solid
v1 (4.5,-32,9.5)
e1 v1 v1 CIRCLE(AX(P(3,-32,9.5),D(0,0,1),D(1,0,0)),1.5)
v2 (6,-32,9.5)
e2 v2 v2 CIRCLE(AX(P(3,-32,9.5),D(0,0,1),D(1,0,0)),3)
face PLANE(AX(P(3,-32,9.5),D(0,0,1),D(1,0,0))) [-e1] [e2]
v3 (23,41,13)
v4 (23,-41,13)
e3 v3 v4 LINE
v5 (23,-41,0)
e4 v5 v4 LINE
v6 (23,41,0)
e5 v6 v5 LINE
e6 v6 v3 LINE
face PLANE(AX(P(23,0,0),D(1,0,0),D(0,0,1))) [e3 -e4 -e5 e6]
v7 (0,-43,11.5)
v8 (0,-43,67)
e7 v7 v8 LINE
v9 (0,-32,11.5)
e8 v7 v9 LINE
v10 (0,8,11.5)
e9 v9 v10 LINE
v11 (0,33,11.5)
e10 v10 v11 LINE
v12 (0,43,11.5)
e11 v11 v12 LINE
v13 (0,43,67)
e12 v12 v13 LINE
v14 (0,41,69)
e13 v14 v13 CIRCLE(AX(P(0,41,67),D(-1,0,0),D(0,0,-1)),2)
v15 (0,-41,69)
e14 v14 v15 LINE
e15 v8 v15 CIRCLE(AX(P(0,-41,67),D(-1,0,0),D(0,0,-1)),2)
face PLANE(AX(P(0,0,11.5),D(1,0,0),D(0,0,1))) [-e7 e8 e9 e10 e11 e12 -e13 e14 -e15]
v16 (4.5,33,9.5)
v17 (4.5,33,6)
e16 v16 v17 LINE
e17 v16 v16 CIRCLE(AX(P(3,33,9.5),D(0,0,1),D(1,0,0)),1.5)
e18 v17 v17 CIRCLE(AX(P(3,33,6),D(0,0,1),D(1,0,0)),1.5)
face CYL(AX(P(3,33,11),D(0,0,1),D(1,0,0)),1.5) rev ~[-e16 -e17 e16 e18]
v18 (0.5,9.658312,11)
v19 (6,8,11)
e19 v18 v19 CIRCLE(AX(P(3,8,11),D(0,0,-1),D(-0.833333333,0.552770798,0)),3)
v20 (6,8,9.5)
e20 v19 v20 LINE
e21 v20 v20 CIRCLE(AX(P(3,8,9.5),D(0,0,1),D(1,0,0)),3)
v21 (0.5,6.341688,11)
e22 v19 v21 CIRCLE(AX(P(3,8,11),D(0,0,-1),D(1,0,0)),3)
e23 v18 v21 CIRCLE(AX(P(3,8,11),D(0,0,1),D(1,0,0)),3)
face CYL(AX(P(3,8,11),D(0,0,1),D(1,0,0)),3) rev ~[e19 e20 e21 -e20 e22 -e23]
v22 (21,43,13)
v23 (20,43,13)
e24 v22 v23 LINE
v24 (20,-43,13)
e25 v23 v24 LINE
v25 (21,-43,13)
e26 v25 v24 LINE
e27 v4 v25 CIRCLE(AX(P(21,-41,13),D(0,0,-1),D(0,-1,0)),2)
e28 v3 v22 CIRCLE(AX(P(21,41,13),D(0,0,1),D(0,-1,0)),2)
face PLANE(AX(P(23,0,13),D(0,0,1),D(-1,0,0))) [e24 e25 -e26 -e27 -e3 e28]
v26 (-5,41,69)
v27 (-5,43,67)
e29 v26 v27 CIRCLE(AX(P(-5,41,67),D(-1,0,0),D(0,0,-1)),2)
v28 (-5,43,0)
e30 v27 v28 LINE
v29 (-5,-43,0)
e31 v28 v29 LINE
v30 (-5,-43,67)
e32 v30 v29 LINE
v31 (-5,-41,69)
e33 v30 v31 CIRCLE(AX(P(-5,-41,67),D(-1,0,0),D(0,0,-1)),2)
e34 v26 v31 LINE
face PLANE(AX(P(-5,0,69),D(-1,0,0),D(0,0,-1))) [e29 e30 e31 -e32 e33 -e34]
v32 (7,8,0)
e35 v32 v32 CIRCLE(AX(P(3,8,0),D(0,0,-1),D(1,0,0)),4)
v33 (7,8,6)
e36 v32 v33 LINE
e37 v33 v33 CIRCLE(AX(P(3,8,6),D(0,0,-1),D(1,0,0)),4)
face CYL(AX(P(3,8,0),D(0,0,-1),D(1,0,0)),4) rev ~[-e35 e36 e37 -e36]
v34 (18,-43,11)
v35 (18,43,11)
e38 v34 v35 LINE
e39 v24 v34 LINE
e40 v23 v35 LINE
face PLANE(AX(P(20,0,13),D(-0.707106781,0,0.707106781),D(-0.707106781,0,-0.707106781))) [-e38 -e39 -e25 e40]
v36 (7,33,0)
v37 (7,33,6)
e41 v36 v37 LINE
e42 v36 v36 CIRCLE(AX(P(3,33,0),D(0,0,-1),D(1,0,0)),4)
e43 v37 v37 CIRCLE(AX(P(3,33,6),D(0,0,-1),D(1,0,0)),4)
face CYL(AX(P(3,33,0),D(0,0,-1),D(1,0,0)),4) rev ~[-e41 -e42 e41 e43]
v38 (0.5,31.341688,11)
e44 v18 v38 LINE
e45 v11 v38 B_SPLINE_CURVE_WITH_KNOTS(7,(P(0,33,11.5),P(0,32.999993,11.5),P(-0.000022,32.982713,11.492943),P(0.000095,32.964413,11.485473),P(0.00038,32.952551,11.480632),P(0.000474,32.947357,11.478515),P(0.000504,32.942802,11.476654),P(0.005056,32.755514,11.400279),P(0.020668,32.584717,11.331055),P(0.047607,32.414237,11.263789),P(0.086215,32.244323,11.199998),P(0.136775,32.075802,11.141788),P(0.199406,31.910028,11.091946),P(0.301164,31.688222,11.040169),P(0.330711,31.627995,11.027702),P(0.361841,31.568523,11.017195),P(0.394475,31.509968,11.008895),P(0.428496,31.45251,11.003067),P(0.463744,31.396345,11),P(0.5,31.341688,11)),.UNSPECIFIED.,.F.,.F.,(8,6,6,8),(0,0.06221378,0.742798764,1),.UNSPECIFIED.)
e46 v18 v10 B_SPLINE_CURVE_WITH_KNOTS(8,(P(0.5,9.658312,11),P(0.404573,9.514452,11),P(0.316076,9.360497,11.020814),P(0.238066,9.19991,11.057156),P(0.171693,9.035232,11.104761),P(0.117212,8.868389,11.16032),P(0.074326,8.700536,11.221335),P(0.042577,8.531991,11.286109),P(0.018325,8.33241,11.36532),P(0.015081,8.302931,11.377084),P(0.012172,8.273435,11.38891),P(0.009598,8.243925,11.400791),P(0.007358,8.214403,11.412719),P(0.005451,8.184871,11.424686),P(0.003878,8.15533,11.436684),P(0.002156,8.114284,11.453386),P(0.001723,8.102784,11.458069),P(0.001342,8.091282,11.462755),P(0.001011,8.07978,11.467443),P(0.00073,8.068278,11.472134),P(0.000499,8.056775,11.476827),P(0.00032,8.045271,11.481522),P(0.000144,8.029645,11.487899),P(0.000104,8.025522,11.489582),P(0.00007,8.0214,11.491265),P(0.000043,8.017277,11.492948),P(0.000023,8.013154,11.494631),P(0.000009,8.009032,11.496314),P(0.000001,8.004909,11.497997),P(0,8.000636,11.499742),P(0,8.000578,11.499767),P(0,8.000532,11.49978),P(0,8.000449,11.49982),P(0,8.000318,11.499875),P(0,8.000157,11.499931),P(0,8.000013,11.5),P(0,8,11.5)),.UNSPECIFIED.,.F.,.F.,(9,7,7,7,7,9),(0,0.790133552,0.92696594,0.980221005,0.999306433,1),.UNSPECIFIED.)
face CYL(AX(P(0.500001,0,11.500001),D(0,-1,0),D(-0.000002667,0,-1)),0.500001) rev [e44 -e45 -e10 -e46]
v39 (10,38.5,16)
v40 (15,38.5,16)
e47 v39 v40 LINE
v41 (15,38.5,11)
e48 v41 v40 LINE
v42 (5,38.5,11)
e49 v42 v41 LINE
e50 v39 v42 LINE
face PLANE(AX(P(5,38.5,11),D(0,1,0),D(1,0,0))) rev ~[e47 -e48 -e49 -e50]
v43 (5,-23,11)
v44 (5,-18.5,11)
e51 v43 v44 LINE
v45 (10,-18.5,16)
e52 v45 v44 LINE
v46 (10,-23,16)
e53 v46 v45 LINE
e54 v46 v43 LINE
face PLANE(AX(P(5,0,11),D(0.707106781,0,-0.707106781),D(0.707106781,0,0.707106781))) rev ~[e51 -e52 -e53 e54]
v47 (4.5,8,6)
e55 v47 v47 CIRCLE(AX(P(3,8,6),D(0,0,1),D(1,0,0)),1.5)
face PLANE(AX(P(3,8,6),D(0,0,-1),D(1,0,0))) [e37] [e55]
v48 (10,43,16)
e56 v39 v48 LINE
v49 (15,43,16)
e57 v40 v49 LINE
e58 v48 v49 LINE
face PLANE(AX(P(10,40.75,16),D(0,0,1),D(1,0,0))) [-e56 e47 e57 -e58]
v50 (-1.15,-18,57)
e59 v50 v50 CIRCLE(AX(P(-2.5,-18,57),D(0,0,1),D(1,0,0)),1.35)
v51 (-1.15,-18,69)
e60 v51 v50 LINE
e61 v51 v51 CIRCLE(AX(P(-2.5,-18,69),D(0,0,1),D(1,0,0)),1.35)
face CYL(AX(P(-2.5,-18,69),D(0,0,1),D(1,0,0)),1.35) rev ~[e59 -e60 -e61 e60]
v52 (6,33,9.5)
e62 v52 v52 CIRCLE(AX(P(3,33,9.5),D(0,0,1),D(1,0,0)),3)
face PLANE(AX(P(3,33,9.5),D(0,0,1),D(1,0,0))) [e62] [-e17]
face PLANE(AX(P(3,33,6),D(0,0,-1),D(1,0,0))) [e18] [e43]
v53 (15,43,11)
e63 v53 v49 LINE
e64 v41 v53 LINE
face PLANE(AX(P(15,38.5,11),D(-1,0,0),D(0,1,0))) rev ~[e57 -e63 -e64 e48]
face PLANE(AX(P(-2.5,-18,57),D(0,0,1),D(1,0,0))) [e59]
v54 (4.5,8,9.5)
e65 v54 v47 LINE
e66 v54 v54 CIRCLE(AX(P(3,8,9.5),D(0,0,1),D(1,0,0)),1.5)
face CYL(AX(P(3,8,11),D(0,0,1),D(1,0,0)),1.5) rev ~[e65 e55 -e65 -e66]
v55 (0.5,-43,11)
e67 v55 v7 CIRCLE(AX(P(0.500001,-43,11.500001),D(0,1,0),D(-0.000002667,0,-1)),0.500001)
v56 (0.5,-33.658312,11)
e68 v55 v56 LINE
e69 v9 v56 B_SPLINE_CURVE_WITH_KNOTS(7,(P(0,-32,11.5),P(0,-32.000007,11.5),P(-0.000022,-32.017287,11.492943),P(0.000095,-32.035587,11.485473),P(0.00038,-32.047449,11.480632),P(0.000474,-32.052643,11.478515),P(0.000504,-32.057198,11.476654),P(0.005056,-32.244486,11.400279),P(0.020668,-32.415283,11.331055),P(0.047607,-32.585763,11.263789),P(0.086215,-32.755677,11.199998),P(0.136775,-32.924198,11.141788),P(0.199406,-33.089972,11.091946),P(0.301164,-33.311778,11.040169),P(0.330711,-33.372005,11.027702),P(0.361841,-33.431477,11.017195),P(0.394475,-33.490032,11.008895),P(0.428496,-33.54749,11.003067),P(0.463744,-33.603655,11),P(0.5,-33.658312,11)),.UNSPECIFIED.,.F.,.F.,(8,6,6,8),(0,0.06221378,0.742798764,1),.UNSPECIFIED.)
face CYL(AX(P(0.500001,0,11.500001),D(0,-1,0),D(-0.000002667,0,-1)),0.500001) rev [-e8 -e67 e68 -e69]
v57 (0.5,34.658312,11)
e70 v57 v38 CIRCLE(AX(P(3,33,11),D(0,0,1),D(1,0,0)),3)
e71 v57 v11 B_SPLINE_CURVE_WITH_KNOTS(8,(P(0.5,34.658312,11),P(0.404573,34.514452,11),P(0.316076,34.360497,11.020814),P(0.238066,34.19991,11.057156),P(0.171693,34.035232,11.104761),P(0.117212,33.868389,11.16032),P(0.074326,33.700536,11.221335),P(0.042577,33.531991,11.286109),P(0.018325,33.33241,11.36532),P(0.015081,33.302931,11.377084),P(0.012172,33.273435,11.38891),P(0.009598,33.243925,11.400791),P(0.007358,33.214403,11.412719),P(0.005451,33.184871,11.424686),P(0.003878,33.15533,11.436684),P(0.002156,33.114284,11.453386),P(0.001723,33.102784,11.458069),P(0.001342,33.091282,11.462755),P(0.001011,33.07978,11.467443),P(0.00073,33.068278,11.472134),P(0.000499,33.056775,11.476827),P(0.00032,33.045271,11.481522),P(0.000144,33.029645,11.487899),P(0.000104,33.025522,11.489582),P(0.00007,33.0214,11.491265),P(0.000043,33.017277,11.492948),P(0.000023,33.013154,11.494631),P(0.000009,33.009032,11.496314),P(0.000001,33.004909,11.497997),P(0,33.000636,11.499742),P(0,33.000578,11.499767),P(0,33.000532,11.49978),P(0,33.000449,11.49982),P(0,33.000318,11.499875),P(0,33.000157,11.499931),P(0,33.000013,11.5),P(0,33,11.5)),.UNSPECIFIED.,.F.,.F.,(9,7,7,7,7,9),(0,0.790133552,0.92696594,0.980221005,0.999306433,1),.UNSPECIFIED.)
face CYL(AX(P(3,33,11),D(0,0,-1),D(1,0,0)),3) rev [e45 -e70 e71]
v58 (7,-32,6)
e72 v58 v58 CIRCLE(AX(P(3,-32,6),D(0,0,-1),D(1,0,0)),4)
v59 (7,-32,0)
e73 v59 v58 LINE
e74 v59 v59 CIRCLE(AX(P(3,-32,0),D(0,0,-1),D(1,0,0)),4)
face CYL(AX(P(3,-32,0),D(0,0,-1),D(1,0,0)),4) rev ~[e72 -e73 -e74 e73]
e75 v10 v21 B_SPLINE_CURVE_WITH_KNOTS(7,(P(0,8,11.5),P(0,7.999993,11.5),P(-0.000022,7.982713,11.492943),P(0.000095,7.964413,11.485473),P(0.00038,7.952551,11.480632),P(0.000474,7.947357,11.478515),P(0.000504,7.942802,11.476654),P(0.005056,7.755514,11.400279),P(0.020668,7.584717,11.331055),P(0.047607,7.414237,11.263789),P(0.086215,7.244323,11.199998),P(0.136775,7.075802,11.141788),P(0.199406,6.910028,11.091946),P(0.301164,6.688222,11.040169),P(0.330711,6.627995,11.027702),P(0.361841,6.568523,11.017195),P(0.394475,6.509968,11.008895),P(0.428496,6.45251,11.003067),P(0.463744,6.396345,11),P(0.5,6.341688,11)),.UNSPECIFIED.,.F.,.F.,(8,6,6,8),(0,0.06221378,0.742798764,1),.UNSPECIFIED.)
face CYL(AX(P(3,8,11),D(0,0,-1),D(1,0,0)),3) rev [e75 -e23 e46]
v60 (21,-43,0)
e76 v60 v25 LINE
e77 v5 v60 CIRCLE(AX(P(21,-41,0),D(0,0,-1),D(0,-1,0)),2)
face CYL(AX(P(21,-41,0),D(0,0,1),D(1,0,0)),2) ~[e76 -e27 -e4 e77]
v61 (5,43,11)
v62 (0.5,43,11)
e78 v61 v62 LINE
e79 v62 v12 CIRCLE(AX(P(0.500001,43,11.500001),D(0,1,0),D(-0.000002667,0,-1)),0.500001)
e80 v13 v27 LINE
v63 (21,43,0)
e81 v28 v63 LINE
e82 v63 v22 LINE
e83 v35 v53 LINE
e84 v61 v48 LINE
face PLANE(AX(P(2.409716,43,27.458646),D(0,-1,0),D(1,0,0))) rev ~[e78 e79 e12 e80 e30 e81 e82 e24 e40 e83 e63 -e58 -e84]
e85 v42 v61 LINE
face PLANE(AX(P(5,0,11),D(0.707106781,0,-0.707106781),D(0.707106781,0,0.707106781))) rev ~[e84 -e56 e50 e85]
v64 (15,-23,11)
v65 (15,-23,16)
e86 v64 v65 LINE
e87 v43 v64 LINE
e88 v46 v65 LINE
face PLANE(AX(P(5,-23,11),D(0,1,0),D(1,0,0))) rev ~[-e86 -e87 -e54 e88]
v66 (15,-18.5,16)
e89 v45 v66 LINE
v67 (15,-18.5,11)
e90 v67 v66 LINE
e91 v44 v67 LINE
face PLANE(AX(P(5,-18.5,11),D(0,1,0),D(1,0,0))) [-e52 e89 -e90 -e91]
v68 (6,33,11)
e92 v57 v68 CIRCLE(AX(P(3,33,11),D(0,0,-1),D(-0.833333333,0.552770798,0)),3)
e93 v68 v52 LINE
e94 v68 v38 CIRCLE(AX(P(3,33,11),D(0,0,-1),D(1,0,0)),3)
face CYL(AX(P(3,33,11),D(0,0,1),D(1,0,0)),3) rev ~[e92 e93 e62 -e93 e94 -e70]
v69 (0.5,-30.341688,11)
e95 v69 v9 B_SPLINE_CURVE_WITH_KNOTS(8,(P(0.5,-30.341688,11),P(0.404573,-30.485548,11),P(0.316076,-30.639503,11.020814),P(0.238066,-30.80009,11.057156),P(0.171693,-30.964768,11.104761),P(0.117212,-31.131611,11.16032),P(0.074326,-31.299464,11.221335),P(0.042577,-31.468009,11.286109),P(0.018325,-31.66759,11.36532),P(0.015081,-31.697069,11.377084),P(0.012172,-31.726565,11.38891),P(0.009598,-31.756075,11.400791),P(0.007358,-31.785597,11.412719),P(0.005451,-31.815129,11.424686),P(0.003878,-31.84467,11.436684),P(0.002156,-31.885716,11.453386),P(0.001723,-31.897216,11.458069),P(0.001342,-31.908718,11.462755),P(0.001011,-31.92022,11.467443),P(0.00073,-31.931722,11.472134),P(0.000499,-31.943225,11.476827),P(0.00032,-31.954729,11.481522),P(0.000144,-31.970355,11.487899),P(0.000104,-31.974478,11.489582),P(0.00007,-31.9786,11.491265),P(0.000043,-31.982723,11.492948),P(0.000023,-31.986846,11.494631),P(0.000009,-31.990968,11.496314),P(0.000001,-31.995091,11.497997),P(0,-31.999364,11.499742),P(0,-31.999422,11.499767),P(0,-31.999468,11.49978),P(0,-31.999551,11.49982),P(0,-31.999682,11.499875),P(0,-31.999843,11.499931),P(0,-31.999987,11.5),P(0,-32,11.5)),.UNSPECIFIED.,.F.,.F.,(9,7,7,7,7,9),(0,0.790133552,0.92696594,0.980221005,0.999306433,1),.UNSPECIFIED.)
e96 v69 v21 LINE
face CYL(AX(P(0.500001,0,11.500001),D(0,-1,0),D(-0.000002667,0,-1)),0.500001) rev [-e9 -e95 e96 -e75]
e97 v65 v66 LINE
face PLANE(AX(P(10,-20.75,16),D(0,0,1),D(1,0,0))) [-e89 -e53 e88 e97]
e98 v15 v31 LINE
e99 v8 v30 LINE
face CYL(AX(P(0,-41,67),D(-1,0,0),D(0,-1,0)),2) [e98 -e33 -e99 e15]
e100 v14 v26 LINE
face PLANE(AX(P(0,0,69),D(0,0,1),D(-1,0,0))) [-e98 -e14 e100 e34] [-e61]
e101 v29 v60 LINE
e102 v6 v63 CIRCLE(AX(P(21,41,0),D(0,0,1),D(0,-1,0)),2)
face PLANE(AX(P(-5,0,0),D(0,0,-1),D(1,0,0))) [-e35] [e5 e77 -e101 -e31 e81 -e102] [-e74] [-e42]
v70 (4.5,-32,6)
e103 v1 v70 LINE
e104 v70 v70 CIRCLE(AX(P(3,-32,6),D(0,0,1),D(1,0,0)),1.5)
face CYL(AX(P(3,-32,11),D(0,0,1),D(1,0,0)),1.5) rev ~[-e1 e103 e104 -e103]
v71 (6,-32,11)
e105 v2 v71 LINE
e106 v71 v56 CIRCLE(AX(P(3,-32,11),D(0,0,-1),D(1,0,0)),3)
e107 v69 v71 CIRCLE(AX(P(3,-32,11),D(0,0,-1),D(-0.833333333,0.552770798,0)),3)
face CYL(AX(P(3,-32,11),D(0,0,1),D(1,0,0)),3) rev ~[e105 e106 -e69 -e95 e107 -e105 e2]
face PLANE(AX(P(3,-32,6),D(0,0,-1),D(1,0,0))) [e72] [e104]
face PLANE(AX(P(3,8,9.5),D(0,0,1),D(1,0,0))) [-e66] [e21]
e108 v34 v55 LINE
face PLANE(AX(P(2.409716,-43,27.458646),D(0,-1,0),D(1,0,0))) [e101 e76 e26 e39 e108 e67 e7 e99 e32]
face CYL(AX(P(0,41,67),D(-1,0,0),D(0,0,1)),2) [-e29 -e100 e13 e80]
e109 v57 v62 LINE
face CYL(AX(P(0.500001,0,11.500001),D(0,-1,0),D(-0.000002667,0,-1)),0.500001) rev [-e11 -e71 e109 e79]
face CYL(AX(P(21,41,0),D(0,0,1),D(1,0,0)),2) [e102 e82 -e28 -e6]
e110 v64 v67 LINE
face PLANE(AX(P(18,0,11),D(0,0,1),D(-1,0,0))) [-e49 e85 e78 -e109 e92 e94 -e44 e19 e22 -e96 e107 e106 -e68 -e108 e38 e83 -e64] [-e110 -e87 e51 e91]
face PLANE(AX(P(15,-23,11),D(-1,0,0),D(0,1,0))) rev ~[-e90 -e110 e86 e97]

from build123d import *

# Parameters (mm, degrees)
F1_DEPTH  = 43
F2_R      = 4
F3_DEPTH  = 6
F4_R      = 1.5
F5_DEPTH  = 25
F4_R_2    = 3
F6_DEPTH  = 1.5
F7_W      = 10
F7_H      = 4.5
F8_DEPTH  = 5
F10_DEPTH = 50
F11_R     = 2
F13_R     = 1.35
F14_DEPTH = 12


with BuildPart() as f1:
    # F0 (on Front) → F1 (new body, symmetric)
    with BuildSketch(Plane.XZ):
        with BuildLine():
            Line((0, 11.5), (0, 69))
            Line((0, 69), (-5, 69))
            Line((-5, 69), (-5, 0))
            Line((-5, 0), (23, 0))
            Line((23, 0), (23, 13))
            Line((23, 13), (20, 13))
            Line((20, 13), (18, 11))
            Line((18, 11), (0.5, 11))
            ThreePointArc((0.5, 11), (0.146447, 11.146447), (0, 11.5))
        make_face()
    extrude(amount=F1_DEPTH, both=True)

    # F2 (on face) → F3 (cut)
    with BuildSketch(Plane(origin=(0, 0, 0), x_dir=(1, 0, 0), z_dir=(0, 0, -1))):
        with Locations((3, -33)):
            Circle(F2_R)
        with Locations((3, -8)):
            Circle(F2_R)
        with Locations((3, 32)):
            Circle(F2_R)
    extrude(amount=-F3_DEPTH, mode=Mode.SUBTRACT)

    # F4 (on face) → F5 (cut)
    with BuildSketch(Plane.XY.offset(11)):
        with Locations((3, 33)):
            Circle(F4_R)
        with Locations((3, 8)):
            Circle(F4_R)
        with Locations((3, -32)):
            Circle(F4_R)
    extrude(amount=-F5_DEPTH, mode=Mode.SUBTRACT)

    # F4 (on face) → F6 (cut, symmetric)
    with BuildSketch(Plane.XY.offset(11)):
        with Locations((3, 8)):
            Circle(F4_R_2)
        with Locations((3, 8)):
            Circle(F4_R, mode=Mode.SUBTRACT)
        with Locations((3, 33)):
            Circle(F4_R_2)
        with Locations((3, 33)):
            Circle(F4_R, mode=Mode.SUBTRACT)
        with Locations((3, -32)):
            Circle(F4_R_2)
        with Locations((3, -32)):
            Circle(F4_R, mode=Mode.SUBTRACT)
    extrude(amount=F6_DEPTH, both=True, mode=Mode.SUBTRACT)

    # F7 (on face) → F8 (join)
    with BuildSketch(Plane.XY.offset(11)):
        with Locations((10, 40.75)):
            Rectangle(F7_W, F7_H)
        with Locations((10, -20.75)):
            Rectangle(F7_W, F7_H)
    extrude(amount=F8_DEPTH)

    # F9 (on Front) → F10 (cut, symmetric)
    with BuildSketch(Plane.XZ):
        Polygon((5, 19), (5, 11), (13, 19), align=None)
    extrude(amount=F10_DEPTH, both=True, mode=Mode.SUBTRACT)

    # F11
    f11_edges = [f1.edges().sort_by_distance(p)[0] for p in [
        (23, -43, 6.5),
        (23, 43, 6.5),
        (-2.5, -43, 69),
        (-2.5, 43, 69),
    ]]
    fillet(f11_edges, radius=F11_R)

    # F13 (on face) → F14 (cut)
    with BuildSketch(Plane.XY.offset(69)):
        with Locations((-2.5, -18)):
            Circle(F13_R)
    extrude(amount=-F14_DEPTH, mode=Mode.SUBTRACT)


solid = f1.part
